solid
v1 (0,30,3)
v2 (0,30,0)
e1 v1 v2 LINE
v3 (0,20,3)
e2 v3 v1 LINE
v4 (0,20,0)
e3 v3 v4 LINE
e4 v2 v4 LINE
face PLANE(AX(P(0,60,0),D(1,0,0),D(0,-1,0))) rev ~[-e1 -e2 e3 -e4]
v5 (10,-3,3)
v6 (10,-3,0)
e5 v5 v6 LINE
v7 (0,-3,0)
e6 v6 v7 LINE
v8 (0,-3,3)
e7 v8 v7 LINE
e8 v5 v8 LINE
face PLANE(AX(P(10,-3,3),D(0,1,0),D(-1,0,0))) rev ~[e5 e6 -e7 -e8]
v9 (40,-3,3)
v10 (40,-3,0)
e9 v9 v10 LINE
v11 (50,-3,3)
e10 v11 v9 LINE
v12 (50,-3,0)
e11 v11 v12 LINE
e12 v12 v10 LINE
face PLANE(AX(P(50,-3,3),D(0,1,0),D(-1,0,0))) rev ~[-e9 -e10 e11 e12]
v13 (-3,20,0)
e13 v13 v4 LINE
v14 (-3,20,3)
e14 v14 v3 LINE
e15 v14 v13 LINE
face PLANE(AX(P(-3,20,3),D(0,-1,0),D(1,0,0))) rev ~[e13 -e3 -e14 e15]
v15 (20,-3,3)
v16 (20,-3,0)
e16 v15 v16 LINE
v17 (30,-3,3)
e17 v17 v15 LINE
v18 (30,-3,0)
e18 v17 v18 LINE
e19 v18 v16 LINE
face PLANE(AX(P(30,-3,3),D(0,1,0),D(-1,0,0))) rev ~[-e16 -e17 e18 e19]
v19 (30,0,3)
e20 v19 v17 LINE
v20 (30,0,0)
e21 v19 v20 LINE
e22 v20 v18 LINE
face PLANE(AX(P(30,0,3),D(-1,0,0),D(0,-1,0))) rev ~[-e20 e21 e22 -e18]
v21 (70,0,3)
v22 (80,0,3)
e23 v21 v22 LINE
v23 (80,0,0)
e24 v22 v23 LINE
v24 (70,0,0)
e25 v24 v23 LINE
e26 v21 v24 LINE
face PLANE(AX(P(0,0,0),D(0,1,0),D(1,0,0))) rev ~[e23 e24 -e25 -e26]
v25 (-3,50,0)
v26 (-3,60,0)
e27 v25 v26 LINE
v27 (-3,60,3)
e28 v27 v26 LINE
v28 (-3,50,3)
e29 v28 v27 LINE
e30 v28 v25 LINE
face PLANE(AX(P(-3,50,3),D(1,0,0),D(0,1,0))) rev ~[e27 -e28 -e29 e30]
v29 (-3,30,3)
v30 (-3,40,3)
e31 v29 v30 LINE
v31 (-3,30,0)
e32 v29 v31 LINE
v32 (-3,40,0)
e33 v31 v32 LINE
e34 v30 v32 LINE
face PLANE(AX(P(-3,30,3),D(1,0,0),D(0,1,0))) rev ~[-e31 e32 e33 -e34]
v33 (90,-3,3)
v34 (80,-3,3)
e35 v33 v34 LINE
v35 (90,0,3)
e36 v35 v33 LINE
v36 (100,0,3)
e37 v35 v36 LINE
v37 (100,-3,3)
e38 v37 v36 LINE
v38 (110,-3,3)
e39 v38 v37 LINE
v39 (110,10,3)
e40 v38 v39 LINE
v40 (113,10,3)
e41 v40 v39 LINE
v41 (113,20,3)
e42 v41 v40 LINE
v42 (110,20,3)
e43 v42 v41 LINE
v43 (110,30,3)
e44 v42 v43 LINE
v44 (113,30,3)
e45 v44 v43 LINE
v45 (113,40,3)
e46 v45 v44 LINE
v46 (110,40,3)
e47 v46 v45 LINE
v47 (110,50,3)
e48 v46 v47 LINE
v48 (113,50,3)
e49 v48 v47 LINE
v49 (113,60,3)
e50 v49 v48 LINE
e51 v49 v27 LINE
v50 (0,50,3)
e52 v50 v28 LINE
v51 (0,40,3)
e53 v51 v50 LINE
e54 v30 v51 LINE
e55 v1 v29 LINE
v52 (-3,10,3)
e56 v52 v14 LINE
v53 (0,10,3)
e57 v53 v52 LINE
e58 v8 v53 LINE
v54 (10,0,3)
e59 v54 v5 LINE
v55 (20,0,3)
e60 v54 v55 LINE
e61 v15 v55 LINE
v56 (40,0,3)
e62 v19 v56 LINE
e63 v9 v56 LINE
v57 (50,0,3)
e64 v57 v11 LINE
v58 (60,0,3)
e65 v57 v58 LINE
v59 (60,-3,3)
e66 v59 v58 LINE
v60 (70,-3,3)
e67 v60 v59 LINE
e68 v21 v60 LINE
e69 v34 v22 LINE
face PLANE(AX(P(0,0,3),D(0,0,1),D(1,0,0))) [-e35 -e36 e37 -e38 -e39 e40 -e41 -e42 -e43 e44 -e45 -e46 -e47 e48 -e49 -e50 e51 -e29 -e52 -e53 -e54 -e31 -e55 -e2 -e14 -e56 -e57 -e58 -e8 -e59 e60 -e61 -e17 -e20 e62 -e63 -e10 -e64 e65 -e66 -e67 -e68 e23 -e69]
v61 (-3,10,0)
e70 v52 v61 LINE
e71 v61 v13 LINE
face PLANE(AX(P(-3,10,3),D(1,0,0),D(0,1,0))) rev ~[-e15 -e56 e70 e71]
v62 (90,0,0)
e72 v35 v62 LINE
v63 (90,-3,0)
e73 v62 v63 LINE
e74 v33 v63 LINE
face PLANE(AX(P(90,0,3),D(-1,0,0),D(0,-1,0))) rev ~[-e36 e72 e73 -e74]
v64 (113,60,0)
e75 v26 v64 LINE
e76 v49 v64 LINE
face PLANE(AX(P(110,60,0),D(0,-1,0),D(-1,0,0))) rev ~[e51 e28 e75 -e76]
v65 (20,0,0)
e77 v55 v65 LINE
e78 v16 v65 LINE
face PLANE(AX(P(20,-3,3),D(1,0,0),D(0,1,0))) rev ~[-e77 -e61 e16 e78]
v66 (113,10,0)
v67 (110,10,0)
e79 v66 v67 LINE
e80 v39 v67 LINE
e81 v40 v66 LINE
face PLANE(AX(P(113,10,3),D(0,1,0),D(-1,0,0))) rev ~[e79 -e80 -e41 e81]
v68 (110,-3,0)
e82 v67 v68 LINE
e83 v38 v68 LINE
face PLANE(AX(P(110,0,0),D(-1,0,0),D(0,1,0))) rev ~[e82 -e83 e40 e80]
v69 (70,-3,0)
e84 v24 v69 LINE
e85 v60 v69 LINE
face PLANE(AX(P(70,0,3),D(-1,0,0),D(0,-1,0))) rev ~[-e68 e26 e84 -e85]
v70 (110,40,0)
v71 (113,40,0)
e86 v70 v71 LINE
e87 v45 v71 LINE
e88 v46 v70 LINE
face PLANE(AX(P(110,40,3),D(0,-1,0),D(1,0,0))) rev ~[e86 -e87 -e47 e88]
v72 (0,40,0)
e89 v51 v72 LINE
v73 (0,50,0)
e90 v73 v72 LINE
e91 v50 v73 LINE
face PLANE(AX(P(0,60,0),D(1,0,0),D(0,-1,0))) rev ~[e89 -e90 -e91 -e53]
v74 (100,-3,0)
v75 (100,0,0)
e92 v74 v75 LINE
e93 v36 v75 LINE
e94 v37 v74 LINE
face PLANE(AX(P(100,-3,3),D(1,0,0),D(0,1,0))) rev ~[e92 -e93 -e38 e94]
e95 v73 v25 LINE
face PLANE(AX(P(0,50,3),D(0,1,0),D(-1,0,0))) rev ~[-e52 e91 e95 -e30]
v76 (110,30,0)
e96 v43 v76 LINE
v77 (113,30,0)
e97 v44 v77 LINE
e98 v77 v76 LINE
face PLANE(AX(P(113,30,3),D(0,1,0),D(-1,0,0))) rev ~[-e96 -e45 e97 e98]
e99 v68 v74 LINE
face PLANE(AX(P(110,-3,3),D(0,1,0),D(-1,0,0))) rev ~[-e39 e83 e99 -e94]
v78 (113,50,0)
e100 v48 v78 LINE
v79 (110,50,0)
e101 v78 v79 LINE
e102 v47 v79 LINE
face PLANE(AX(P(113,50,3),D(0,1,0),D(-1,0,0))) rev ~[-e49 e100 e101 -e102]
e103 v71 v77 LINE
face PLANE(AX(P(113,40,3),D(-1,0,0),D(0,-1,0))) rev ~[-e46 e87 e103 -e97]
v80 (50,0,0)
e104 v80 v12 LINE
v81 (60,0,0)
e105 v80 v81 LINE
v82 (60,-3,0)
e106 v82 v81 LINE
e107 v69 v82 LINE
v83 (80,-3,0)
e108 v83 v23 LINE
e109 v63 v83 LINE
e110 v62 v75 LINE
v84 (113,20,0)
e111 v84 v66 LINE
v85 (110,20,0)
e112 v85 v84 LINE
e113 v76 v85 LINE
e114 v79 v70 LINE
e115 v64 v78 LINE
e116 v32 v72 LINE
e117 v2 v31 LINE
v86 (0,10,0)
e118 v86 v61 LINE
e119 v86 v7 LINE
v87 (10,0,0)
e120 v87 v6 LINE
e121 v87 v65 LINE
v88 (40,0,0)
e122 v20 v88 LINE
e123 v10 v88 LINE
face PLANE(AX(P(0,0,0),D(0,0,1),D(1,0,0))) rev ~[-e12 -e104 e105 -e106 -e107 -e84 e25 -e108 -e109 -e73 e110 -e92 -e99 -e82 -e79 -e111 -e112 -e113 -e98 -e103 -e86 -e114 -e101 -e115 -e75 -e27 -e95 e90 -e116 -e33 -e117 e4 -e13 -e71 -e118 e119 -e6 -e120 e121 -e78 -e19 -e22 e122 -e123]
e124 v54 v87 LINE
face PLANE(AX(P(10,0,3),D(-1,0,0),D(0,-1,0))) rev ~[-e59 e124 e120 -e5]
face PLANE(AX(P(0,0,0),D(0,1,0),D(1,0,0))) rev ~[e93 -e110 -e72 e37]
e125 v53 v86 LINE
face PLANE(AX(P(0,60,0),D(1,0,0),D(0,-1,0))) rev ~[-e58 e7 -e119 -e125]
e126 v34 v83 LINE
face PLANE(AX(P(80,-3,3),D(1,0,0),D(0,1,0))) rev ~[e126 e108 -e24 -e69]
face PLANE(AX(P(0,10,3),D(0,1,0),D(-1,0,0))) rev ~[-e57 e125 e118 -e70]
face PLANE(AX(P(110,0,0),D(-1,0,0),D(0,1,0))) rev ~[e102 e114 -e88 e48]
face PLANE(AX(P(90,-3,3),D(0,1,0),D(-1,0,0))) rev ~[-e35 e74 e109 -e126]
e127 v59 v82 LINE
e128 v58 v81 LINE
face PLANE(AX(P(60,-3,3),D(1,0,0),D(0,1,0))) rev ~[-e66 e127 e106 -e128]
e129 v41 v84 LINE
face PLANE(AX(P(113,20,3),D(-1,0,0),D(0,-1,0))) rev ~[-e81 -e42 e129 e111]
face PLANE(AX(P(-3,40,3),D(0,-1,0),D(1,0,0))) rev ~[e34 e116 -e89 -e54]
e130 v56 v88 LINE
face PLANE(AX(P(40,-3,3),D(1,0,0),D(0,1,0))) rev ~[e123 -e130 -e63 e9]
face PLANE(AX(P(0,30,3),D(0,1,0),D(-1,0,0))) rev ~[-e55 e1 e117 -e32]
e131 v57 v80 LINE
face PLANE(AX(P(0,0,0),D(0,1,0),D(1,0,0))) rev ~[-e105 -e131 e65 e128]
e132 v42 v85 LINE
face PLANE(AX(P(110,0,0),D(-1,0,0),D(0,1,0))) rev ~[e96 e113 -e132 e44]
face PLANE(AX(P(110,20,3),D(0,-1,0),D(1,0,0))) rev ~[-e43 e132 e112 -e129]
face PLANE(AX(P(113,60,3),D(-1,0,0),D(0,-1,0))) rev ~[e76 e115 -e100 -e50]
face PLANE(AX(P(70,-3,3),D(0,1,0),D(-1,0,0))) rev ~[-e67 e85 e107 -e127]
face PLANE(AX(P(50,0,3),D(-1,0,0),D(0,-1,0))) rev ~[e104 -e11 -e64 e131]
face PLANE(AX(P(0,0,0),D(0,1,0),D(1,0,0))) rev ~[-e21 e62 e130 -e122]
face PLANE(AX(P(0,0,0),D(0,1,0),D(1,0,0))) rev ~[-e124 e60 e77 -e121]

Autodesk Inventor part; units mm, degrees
ref_plane "YZ Plane" through (0, 0, 0) normal (1, 0, 0) x (0, 1, 0)
ref_plane "XZ Plane" through (0, 0, 0) normal (0, 1, 0) x (-1, 0, 0)
ref_plane "XY Plane" through (0, 0, 0) normal (0, 0, 1) x (1, 0, 0)
sketch "Sketch1" plane through (0, 0, 0) normal (0, 0, 1) x (1, 0, 0)
  line L0 (0, 0) -> (110, 0)
  line L1 (110, 0) -> (110, 60)
  line L2 (110, 60) -> (0, 60)
  line L3 (0, 60) -> (0, 0)
  dimension "d0" = 60
  dimension "d1" = 110
extrude "Extrusion1" add sketch "Sketch1" along normal blind 3
sketch "Sketch2" plane through (0, 0, 3) normal (0, 0, 1) x (1, 0, 0)
  line L0 (0, 0) -> (110, 0) projected
  line L1 (0, 0) -> (10, 0)
  line L2 (10, 0) -> (10, -3)
  line L3 (10, -3) -> (0, -3)
  line L4 (0, -3) -> (0, 0)
  line L5 (20, 0) -> (30, 0)
  line L6 (30, 0) -> (30, -3)
  line L7 (30, -3) -> (20, -3)
  line L8 (20, -3) -> (20, 0)
  line L9 (40, 0) -> (50, 0)
  line L10 (50, 0) -> (50, -3)
  line L11 (50, -3) -> (40, -3)
  line L12 (40, -3) -> (40, 0)
  line L13 (60, 0) -> (70, 0)
  line L14 (70, 0) -> (70, -3)
  line L15 (70, -3) -> (60, -3)
  line L16 (60, -3) -> (60, 0)
  line L17 (80, 0) -> (90, 0)
  line L18 (90, 0) -> (90, -3)
  line L19 (90, -3) -> (80, -3)
  line L20 (80, -3) -> (80, 0)
  line L21 (100, 0) -> (110, 0)
  line L22 (110, 0) -> (110, -3)
  line L23 (110, -3) -> (100, -3)
  line L24 (100, -3) -> (100, 0)
  line L25 (0, 60) -> (0, 0) construction
  dimension "d4" = 10
  dimension "d5" = 3
  dimension "d8" = 20
extrude "Extrusion2" add sketch "Sketch2" against normal blind 3
sketch "Sketch3" plane through (0, 0, 3) normal (0, 0, 1) x (1, 0, 0)
  line L0 (-3, 20) -> (0, 20)
  line L1 (0, 20) -> (0, 10)
  line L2 (0, 10) -> (-3, 10)
  line L3 (-3, 10) -> (-3, 20)
  line L4 (0, 63) -> (0, -3) construction
  line L5 (10, 0) -> (20, 0) construction
  line L6 (-3, 40) -> (0, 40)
  line L7 (0, 40) -> (0, 30)
  line L8 (0, 30) -> (-3, 30)
  line L9 (-3, 30) -> (-3, 40)
  line L10 (-3, 60) -> (0, 60)
  line L11 (0, 60) -> (0, 50)
  line L12 (0, 50) -> (-3, 50)
  line L13 (-3, 50) -> (-3, 60)
  line L14 (110, 20) -> (113, 20)
  line L15 (113, 20) -> (113, 10)
  line L16 (113, 10) -> (110, 10)
  line L17 (110, 10) -> (110, 20)
  line L18 (110, 40) -> (113, 40)
  line L19 (113, 40) -> (113, 30)
  line L20 (113, 30) -> (110, 30)
  line L21 (110, 30) -> (110, 40)
  line L22 (110, 60) -> (113, 60)
  line L23 (113, 60) -> (113, 50)
  line L24 (113, 50) -> (110, 50)
  line L25 (110, 50) -> (110, 60)
  point P0 (0, 0)
  dimension "d16" = 3
  dimension "d17" = 10
  dimension "d18" = 10
  dimension "d21" = 20
  dimension "d24" = 113
extrude "Extrusion3" add sketch "Sketch3" against normal blind 3
properties part number "portada"
